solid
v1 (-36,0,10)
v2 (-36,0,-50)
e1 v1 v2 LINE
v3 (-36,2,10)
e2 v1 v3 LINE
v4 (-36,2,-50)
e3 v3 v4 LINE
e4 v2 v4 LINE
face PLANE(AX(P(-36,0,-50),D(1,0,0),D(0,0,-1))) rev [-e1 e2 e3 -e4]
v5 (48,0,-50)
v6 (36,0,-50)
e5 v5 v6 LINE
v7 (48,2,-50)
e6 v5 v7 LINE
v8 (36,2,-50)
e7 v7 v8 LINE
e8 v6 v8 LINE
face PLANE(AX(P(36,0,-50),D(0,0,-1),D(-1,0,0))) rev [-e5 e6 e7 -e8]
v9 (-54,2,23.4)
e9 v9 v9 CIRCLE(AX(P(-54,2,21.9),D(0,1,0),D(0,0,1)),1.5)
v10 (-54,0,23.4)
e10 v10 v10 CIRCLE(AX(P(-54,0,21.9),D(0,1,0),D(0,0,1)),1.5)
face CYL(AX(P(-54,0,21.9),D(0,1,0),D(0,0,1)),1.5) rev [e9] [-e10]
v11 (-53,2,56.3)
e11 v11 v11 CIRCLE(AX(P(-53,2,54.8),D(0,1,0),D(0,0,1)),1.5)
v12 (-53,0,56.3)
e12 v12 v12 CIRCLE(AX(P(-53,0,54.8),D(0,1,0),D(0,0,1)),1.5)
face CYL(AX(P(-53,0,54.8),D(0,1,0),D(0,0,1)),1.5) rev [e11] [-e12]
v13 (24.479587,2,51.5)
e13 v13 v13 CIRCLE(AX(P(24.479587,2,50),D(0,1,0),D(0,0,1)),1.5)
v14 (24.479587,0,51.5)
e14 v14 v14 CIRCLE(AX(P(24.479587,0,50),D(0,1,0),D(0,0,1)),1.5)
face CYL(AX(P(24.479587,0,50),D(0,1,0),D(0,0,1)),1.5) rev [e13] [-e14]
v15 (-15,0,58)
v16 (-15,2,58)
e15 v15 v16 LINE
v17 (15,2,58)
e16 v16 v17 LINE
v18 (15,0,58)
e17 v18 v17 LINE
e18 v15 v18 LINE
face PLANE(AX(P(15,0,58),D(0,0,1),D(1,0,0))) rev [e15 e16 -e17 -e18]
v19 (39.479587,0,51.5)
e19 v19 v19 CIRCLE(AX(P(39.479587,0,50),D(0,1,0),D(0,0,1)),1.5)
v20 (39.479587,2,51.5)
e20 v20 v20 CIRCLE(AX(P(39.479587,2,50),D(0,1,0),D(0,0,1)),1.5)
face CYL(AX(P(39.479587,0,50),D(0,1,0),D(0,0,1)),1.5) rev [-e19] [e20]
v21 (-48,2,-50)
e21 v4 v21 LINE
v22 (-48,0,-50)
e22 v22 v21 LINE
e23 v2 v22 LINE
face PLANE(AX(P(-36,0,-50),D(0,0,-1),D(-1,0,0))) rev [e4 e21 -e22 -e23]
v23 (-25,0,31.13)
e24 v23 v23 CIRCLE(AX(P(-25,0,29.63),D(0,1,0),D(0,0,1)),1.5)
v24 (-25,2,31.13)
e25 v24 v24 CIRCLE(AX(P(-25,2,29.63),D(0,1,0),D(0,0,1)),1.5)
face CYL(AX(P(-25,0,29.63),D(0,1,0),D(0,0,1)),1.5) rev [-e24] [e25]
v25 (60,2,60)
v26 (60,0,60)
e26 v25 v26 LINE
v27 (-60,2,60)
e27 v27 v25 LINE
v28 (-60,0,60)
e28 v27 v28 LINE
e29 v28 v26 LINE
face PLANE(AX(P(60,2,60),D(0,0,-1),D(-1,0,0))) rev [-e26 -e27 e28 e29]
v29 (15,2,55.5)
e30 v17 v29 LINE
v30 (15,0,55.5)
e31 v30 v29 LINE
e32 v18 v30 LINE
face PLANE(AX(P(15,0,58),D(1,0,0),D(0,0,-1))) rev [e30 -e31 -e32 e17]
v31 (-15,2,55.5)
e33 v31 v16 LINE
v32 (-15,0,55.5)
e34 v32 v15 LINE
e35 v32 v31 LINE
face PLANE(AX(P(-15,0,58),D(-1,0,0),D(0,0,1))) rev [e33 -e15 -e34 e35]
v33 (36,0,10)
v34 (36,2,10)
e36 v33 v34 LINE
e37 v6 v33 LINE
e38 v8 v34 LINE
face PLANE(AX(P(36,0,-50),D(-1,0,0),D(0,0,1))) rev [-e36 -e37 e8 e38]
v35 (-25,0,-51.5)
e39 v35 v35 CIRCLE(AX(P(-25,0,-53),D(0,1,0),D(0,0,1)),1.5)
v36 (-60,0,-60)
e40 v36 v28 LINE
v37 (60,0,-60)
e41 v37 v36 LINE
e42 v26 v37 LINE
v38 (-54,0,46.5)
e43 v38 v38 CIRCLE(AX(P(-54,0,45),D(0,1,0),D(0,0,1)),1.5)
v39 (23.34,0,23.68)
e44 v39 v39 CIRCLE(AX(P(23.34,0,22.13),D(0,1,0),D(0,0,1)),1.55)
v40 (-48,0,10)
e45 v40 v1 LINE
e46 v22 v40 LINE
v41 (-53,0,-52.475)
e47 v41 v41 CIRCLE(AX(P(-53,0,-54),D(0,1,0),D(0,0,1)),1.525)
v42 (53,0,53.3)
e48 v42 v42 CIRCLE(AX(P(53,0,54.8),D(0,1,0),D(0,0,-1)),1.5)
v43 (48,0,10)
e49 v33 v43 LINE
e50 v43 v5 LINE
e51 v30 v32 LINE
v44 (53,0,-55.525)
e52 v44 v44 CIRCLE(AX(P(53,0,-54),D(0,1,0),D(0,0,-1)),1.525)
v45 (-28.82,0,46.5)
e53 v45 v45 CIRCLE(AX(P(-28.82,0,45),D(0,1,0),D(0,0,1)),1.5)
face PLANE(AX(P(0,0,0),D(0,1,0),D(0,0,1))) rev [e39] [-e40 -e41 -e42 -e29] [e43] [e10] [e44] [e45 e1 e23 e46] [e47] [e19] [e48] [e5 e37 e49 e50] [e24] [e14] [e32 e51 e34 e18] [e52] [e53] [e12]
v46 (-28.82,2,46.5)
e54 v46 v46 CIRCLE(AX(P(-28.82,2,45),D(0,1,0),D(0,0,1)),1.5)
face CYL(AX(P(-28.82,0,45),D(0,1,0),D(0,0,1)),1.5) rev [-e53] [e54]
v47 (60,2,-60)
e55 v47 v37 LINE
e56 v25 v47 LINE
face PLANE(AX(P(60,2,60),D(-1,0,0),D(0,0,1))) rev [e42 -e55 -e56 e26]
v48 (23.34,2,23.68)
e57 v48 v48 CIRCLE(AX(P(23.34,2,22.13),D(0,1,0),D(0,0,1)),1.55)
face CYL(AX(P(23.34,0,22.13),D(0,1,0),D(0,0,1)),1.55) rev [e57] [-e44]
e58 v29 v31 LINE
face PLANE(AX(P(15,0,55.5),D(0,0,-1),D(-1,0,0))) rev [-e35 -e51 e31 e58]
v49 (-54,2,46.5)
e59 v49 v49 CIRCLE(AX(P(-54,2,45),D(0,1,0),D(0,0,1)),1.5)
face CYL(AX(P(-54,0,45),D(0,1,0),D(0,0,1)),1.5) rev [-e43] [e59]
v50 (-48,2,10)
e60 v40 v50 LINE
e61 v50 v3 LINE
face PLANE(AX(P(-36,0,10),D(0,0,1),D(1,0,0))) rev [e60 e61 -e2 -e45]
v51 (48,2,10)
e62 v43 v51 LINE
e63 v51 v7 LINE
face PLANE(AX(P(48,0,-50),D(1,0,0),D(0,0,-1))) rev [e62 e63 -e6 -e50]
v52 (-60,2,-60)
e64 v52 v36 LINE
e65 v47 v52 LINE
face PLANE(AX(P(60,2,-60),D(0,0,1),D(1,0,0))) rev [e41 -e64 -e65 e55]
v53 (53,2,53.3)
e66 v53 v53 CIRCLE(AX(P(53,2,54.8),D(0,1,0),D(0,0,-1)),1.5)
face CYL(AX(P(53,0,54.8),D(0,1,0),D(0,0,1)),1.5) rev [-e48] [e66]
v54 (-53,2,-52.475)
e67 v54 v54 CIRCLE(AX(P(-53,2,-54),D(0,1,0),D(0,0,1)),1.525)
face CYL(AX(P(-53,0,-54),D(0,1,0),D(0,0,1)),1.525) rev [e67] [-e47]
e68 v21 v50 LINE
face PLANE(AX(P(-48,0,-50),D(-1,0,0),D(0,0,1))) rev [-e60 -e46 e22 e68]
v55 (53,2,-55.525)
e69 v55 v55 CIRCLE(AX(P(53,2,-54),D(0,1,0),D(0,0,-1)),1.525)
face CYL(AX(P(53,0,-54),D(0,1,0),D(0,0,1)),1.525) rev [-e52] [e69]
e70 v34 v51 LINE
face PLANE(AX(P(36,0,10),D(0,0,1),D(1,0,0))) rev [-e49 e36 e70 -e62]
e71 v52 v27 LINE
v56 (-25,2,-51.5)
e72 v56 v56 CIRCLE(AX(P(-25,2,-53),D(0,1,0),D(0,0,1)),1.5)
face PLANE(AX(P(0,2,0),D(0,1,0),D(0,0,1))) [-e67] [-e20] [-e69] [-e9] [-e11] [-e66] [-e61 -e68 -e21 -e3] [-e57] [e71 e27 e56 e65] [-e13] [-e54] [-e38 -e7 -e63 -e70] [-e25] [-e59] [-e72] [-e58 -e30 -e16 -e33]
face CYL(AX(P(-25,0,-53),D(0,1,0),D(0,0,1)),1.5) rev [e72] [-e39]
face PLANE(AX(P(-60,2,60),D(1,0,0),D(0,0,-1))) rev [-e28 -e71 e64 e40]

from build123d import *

# Parameters (mm, degrees)
SKETCH1_W           = 120
SKETCH1_H           = 120
BOSS_EXTRUDE1_DEPTH = 2
SKETCH2_R           = 1.525
SKETCH2_R_2         = 1.5
CUT_EXTRUDE1_DEPTH  = 2
SKETCH4_R           = 1.5
SKETCH4_R_2         = 1.55
SKETCH4_W           = 12
SKETCH4_H           = 60
CUT_EXTRUDE2_DEPTH  = 85.876380696
SKETCH5_R           = 1.5
SKETCH5_W           = 30
SKETCH5_H           = 2.5
CUT_EXTRUDE3_DEPTH  = 85.876380696


with BuildPart() as part:
    # Sketch1 → Boss-Extrude1 (new body)
    with BuildSketch(Plane(origin=(0, 0, 0), x_dir=(1, 0, 0), z_dir=(0, 1, 0))):
        Rectangle(SKETCH1_W, SKETCH1_H)
    extrude(amount=BOSS_EXTRUDE1_DEPTH)

    # Sketch2 → Cut-Extrude1 (cut)
    with BuildSketch(Plane(origin=(0, 2, 0), x_dir=(1, 0, 0), z_dir=(0, 1, 0))):
        with Locations(Location((-53, 54, 0), (0, 0, 270))):
            Circle(SKETCH2_R)
        with Locations(Location((-53, -54.8, 0), (0, 0, 270))):
            Circle(SKETCH2_R_2)
        with Locations(Location((53, 54, 0), (0, 0, 90))):
            Circle(SKETCH2_R)
        with Locations(Location((53, -54.8, 0), (0, 0, 90))):
            Circle(SKETCH2_R_2)
    extrude(amount=-CUT_EXTRUDE1_DEPTH, mode=Mode.SUBTRACT)

    # Sketch4 → Cut-Extrude2 (cut, through all)
    with BuildSketch(Plane(origin=(0, 2, 0), x_dir=(1, 0, 0), z_dir=(0, 1, 0))):
        with Locations(Location((-25, 53, 0), (0, 0, 270))):
            Circle(SKETCH4_R)
        with Locations(Location((-25, -29.63, 0), (0, 0, 270))):
            Circle(SKETCH4_R)
        with Locations(Location((23.34, -22.13, 0), (0, 0, 270))):
            Circle(SKETCH4_R_2)
        with Locations((-42, 20)):
            Rectangle(SKETCH4_W, SKETCH4_H)
        with Locations((42, 20)):
            Rectangle(SKETCH4_W, SKETCH4_H)
    extrude(amount=-CUT_EXTRUDE2_DEPTH, mode=Mode.SUBTRACT)

    # Sketch5 → Cut-Extrude3 (cut, through all)
    with BuildSketch(Plane(origin=(0, 2, 0), x_dir=(1, 0, 0), z_dir=(0, 1, 0))):
        with Locations(Location((-54, -45, 0), (0, 0, 270))):
            Circle(SKETCH5_R)
        with Locations(Location((-28.82, -45, 0), (0, 0, 270))):
            Circle(SKETCH5_R)
        with Locations(Location((-54, -21.9, 0), (0, 0, 270))):
            Circle(SKETCH5_R)
        with Locations(Location((24.479587092, -50, 0), (0, 0, 270))):
            Circle(SKETCH5_R)
        with Locations(Location((39.479587092, -50, 0), (0, 0, 270))):
            Circle(SKETCH5_R)
        with Locations((0, -56.75)):
            Rectangle(SKETCH5_W, SKETCH5_H)
    extrude(amount=-CUT_EXTRUDE3_DEPTH, mode=Mode.SUBTRACT)


solid = part.part
